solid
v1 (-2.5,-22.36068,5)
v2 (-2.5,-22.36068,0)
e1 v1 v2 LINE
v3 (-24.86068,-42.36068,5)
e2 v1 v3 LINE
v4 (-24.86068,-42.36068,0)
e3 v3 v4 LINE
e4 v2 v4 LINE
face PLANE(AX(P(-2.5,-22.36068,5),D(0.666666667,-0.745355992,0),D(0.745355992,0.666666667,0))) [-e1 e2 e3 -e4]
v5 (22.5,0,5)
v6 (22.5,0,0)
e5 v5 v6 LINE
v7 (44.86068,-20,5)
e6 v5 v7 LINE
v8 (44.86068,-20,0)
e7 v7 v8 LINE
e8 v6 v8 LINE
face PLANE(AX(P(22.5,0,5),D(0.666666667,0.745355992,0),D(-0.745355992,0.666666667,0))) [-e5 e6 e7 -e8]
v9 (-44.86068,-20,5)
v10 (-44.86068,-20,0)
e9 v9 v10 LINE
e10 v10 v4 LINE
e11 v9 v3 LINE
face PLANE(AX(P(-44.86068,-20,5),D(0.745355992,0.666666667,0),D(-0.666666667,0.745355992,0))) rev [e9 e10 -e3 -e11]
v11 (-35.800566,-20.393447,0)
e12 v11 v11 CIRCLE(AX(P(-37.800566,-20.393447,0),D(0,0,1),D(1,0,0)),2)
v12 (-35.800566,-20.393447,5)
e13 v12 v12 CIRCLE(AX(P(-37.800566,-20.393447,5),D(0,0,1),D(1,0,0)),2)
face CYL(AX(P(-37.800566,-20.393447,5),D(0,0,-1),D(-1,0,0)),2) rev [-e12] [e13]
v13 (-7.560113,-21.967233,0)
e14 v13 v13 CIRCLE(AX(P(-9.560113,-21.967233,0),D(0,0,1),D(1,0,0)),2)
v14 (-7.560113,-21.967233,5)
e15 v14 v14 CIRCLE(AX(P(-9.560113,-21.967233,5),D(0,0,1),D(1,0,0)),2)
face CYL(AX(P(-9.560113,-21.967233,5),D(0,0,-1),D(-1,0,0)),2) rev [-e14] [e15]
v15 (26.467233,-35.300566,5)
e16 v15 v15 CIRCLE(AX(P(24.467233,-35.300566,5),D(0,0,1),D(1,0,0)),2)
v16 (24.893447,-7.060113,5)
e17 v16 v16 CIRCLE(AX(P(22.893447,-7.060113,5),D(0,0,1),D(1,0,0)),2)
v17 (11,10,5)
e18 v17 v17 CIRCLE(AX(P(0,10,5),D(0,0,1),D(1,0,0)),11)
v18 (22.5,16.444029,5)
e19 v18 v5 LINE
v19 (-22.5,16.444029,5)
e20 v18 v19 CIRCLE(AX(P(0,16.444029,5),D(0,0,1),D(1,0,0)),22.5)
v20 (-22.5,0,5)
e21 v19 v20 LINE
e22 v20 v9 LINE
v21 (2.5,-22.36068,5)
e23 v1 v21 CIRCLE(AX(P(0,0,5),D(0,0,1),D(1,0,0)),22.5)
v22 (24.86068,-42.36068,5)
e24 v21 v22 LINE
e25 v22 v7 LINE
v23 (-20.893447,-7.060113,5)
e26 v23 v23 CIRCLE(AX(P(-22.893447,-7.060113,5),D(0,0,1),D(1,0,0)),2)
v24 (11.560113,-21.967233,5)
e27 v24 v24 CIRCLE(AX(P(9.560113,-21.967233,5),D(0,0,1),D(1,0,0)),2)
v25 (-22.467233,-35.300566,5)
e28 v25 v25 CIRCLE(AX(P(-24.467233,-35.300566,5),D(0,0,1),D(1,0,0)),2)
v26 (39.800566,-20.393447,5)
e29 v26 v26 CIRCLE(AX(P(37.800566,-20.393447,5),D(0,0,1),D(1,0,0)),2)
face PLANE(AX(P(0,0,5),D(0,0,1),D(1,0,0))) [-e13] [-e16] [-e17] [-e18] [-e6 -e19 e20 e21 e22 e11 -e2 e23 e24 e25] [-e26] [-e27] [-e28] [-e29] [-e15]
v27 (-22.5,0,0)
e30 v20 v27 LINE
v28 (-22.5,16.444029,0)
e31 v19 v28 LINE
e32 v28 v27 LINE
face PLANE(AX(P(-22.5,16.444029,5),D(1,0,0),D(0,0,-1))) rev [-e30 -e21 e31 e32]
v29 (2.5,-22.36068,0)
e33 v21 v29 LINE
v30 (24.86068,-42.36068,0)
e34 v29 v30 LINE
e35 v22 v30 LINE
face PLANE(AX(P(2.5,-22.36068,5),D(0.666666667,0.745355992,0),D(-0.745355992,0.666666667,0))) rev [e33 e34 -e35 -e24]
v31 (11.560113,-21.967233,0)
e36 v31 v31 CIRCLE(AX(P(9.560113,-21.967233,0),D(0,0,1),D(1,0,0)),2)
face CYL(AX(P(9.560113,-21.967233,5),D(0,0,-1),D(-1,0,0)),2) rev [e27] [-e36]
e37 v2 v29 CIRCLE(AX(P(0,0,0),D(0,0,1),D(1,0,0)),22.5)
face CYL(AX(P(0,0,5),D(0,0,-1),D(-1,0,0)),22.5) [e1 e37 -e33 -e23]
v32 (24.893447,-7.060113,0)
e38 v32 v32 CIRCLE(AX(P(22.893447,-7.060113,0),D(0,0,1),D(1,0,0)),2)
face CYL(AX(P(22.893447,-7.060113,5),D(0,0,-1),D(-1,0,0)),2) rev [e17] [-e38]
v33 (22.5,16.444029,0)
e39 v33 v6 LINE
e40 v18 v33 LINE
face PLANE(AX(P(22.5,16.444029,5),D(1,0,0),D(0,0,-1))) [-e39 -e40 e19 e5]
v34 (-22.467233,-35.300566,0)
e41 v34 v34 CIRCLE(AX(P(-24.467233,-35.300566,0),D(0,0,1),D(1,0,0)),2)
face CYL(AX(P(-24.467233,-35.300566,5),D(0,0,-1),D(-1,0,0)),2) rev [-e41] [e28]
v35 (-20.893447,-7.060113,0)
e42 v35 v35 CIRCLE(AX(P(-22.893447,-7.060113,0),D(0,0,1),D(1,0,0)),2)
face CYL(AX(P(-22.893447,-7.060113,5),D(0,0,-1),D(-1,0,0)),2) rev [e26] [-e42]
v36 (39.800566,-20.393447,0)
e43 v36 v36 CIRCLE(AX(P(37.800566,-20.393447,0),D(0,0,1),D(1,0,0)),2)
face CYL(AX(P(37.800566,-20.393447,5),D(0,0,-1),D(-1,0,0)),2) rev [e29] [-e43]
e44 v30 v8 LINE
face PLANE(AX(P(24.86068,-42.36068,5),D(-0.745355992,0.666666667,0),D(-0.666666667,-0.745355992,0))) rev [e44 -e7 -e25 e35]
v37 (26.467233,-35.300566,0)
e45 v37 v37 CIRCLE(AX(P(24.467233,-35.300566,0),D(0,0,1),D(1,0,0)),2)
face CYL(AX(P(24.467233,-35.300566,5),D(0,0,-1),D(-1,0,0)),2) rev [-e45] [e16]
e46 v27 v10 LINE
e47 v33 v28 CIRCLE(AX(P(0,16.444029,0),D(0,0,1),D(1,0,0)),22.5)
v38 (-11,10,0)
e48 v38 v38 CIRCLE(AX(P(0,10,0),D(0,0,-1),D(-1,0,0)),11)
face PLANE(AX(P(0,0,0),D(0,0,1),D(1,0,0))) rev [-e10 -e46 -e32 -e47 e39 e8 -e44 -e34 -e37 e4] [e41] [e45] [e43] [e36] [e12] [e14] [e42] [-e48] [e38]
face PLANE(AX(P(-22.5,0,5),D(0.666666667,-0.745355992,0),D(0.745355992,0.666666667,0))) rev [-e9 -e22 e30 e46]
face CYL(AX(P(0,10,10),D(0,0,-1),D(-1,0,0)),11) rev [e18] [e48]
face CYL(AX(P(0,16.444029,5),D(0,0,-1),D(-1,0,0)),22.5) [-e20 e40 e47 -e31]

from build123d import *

# Parameters (mm, degrees)
BOSS_EXTRUDE1_DEPTH = 5
SKETCH3_R           = 2
CUT_EXTRUDE1_DEPTH  = 5
SKETCH4_R           = 11
CUT_EXTRUDE2_DEPTH  = 10


with BuildPart() as part:
    # Sketch2 → Boss-Extrude1 (new body)
    with BuildSketch(Plane.XY):
        with BuildLine():
            Line((-15.357210304, 0), (-22.5, 0))
            Line((-22.5, 0), (-2.5, -22.360679775))
            ThreePointArc((-2.5, -22.360679775), (0, -22.5), (2.5, -22.360679775))
            Line((2.5, -22.360679775), (22.5, 0))
            Line((22.5, 0), (15.357210304, 0))
            ThreePointArc((15.357210304, 0), (0, -6.055970942), (-15.357210304, 0))
        make_face()
        with BuildLine():
            ThreePointArc((-2.5, -22.360679775), (-16.770509831, -15), (-22.5, 0))
            Line((-22.5, 0), (-44.860679775, -20))
            Line((-44.860679775, -20), (-24.860679775, -42.360679775))
            Line((-24.860679775, -42.360679775), (-2.5, -22.360679775))
        make_face()
        with BuildLine():
            ThreePointArc((-20.943936523, 8.222014529), (-22.107561735, 4.183983044), (-22.5, 0))
            Line((-22.5, 0), (-15.357210304, 0))
            ThreePointArc((-15.357210304, 0), (-18.61031155, 3.798622619), (-20.943936523, 8.222014529))
        make_face()
        with BuildLine():
            Line((-2.5, -22.360679775), (-22.5, 0))
            ThreePointArc((-22.5, 0), (-16.770509831, -15), (-2.5, -22.360679775))
        make_face()
        with BuildLine():
            Line((-22.5, 16.444029058), (-22.5, 0))
            ThreePointArc((-22.5, 0), (-22.107561735, 4.183983044), (-20.943936523, 8.222014529))
            ThreePointArc((-20.943936523, 8.222014529), (-22.107561735, 12.260046014), (-22.5, 16.444029058))
        make_face()
        with BuildLine():
            ThreePointArc((22.5, 16.444029058), (0, 38.944029058), (-22.5, 16.444029058))
            Line((-22.5, 16.444029058), (-15.357210304, 16.444029058))
            ThreePointArc((-15.357210304, 16.444029058), (0, 22.5), (15.357210304, 16.444029058))
            Line((15.357210304, 16.444029058), (22.5, 16.444029058))
        make_face()
        with BuildLine():
            Line((-15.357210304, 16.444029058), (-22.5, 16.444029058))
            ThreePointArc((-22.5, 16.444029058), (-22.107561735, 12.260046014), (-20.943936523, 8.222014529))
            ThreePointArc((-20.943936523, 8.222014529), (-18.61031155, 12.64540644), (-15.357210304, 16.444029058))
        make_face()
        with BuildLine():
            ThreePointArc((-20.943936523, 8.222014529), (-18.61031155, 3.798622619), (-15.357210304, 0))
            Line((-15.357210304, 0), (15.357210304, 0))
            ThreePointArc((15.357210304, 0), (18.61031155, 3.798622619), (20.943936523, 8.222014529))
            ThreePointArc((20.943936523, 8.222014529), (18.61031155, 12.64540644), (15.357210304, 16.444029058))
            Line((15.357210304, 16.444029058), (-15.357210304, 16.444029058))
            ThreePointArc((-15.357210304, 16.444029058), (-18.61031155, 12.64540644), (-20.943936523, 8.222014529))
        make_face()
        with BuildLine():
            Line((15.357210304, 0), (-15.357210304, 0))
            ThreePointArc((-15.357210304, 0), (0, -6.055970942), (15.357210304, 0))
        make_face()
        with BuildLine():
            ThreePointArc((22.5, 0), (16.770509831, -15), (2.5, -22.360679775))
            Line((2.5, -22.360679775), (24.860679775, -42.360679775))
            Line((24.860679775, -42.360679775), (44.860679775, -20))
            Line((44.860679775, -20), (22.5, 0))
        make_face()
        with BuildLine():
            Line((22.5, 0), (2.5, -22.360679775))
            ThreePointArc((2.5, -22.360679775), (16.770509831, -15), (22.5, 0))
        make_face()
        with BuildLine():
            ThreePointArc((15.357210304, 16.444029058), (0, 22.5), (-15.357210304, 16.444029058))
            Line((-15.357210304, 16.444029058), (15.357210304, 16.444029058))
        make_face()
        with BuildLine():
            ThreePointArc((20.943936523, 8.222014529), (22.107561735, 12.260046014), (22.5, 16.444029058))
            Line((22.5, 16.444029058), (15.357210304, 16.444029058))
            ThreePointArc((15.357210304, 16.444029058), (18.61031155, 12.64540644), (20.943936523, 8.222014529))
        make_face()
        with BuildLine():
            Line((22.5, 0), (22.5, 16.444029058))
            ThreePointArc((22.5, 16.444029058), (22.107561735, 12.260046014), (20.943936523, 8.222014529))
            ThreePointArc((20.943936523, 8.222014529), (22.107561735, 4.183983044), (22.5, 0))
        make_face()
        with BuildLine():
            ThreePointArc((20.943936523, 8.222014529), (18.61031155, 3.798622619), (15.357210304, 0))
            Line((15.357210304, 0), (22.5, 0))
            ThreePointArc((22.5, 0), (22.107561735, 4.183983044), (20.943936523, 8.222014529))
        make_face()
    extrude(amount=BOSS_EXTRUDE1_DEPTH)

    # Sketch3 → Cut-Extrude1 (cut)
    with BuildSketch(Plane(origin=(0, 0, 0), x_dir=(-1, 0, 0), z_dir=(0, 0, -1))):
        with Locations(Location((-37.800566479, -20.393446629, 0), (0, 0, 180))):
            Circle(SKETCH3_R)
        with Locations(Location((-22.893446629, -7.060113296, 0), (0, 0, 180))):
            Circle(SKETCH3_R)
        with Locations(Location((-9.560113296, -21.967233146, 0), (0, 0, 180))):
            Circle(SKETCH3_R)
        with Locations(Location((-24.467233146, -35.300566479, 0), (0, 0, 180))):
            Circle(SKETCH3_R)
        with Locations(Location((24.467233146, -35.300566479, 0), (0, 0, 180))):
            Circle(SKETCH3_R)
        with Locations(Location((37.800566479, -20.393446629, 0), (0, 0, 180))):
            Circle(SKETCH3_R)
        with Locations(Location((9.560113296, -21.967233146, 0), (0, 0, 180))):
            Circle(SKETCH3_R)
        with Locations(Location((22.893446629, -7.060113296, 0), (0, 0, 180))):
            Circle(SKETCH3_R)
    extrude(amount=-CUT_EXTRUDE1_DEPTH, mode=Mode.SUBTRACT)

    # Sketch4 → Cut-Extrude2 (cut)
    with BuildSketch(Plane(origin=(0, 0, 0), x_dir=(-1, 0, 0), z_dir=(0, 0, -1))):
        with Locations((0, 10)):
            Circle(SKETCH4_R)
    extrude(amount=-CUT_EXTRUDE2_DEPTH, mode=Mode.SUBTRACT)


solid = part.part
